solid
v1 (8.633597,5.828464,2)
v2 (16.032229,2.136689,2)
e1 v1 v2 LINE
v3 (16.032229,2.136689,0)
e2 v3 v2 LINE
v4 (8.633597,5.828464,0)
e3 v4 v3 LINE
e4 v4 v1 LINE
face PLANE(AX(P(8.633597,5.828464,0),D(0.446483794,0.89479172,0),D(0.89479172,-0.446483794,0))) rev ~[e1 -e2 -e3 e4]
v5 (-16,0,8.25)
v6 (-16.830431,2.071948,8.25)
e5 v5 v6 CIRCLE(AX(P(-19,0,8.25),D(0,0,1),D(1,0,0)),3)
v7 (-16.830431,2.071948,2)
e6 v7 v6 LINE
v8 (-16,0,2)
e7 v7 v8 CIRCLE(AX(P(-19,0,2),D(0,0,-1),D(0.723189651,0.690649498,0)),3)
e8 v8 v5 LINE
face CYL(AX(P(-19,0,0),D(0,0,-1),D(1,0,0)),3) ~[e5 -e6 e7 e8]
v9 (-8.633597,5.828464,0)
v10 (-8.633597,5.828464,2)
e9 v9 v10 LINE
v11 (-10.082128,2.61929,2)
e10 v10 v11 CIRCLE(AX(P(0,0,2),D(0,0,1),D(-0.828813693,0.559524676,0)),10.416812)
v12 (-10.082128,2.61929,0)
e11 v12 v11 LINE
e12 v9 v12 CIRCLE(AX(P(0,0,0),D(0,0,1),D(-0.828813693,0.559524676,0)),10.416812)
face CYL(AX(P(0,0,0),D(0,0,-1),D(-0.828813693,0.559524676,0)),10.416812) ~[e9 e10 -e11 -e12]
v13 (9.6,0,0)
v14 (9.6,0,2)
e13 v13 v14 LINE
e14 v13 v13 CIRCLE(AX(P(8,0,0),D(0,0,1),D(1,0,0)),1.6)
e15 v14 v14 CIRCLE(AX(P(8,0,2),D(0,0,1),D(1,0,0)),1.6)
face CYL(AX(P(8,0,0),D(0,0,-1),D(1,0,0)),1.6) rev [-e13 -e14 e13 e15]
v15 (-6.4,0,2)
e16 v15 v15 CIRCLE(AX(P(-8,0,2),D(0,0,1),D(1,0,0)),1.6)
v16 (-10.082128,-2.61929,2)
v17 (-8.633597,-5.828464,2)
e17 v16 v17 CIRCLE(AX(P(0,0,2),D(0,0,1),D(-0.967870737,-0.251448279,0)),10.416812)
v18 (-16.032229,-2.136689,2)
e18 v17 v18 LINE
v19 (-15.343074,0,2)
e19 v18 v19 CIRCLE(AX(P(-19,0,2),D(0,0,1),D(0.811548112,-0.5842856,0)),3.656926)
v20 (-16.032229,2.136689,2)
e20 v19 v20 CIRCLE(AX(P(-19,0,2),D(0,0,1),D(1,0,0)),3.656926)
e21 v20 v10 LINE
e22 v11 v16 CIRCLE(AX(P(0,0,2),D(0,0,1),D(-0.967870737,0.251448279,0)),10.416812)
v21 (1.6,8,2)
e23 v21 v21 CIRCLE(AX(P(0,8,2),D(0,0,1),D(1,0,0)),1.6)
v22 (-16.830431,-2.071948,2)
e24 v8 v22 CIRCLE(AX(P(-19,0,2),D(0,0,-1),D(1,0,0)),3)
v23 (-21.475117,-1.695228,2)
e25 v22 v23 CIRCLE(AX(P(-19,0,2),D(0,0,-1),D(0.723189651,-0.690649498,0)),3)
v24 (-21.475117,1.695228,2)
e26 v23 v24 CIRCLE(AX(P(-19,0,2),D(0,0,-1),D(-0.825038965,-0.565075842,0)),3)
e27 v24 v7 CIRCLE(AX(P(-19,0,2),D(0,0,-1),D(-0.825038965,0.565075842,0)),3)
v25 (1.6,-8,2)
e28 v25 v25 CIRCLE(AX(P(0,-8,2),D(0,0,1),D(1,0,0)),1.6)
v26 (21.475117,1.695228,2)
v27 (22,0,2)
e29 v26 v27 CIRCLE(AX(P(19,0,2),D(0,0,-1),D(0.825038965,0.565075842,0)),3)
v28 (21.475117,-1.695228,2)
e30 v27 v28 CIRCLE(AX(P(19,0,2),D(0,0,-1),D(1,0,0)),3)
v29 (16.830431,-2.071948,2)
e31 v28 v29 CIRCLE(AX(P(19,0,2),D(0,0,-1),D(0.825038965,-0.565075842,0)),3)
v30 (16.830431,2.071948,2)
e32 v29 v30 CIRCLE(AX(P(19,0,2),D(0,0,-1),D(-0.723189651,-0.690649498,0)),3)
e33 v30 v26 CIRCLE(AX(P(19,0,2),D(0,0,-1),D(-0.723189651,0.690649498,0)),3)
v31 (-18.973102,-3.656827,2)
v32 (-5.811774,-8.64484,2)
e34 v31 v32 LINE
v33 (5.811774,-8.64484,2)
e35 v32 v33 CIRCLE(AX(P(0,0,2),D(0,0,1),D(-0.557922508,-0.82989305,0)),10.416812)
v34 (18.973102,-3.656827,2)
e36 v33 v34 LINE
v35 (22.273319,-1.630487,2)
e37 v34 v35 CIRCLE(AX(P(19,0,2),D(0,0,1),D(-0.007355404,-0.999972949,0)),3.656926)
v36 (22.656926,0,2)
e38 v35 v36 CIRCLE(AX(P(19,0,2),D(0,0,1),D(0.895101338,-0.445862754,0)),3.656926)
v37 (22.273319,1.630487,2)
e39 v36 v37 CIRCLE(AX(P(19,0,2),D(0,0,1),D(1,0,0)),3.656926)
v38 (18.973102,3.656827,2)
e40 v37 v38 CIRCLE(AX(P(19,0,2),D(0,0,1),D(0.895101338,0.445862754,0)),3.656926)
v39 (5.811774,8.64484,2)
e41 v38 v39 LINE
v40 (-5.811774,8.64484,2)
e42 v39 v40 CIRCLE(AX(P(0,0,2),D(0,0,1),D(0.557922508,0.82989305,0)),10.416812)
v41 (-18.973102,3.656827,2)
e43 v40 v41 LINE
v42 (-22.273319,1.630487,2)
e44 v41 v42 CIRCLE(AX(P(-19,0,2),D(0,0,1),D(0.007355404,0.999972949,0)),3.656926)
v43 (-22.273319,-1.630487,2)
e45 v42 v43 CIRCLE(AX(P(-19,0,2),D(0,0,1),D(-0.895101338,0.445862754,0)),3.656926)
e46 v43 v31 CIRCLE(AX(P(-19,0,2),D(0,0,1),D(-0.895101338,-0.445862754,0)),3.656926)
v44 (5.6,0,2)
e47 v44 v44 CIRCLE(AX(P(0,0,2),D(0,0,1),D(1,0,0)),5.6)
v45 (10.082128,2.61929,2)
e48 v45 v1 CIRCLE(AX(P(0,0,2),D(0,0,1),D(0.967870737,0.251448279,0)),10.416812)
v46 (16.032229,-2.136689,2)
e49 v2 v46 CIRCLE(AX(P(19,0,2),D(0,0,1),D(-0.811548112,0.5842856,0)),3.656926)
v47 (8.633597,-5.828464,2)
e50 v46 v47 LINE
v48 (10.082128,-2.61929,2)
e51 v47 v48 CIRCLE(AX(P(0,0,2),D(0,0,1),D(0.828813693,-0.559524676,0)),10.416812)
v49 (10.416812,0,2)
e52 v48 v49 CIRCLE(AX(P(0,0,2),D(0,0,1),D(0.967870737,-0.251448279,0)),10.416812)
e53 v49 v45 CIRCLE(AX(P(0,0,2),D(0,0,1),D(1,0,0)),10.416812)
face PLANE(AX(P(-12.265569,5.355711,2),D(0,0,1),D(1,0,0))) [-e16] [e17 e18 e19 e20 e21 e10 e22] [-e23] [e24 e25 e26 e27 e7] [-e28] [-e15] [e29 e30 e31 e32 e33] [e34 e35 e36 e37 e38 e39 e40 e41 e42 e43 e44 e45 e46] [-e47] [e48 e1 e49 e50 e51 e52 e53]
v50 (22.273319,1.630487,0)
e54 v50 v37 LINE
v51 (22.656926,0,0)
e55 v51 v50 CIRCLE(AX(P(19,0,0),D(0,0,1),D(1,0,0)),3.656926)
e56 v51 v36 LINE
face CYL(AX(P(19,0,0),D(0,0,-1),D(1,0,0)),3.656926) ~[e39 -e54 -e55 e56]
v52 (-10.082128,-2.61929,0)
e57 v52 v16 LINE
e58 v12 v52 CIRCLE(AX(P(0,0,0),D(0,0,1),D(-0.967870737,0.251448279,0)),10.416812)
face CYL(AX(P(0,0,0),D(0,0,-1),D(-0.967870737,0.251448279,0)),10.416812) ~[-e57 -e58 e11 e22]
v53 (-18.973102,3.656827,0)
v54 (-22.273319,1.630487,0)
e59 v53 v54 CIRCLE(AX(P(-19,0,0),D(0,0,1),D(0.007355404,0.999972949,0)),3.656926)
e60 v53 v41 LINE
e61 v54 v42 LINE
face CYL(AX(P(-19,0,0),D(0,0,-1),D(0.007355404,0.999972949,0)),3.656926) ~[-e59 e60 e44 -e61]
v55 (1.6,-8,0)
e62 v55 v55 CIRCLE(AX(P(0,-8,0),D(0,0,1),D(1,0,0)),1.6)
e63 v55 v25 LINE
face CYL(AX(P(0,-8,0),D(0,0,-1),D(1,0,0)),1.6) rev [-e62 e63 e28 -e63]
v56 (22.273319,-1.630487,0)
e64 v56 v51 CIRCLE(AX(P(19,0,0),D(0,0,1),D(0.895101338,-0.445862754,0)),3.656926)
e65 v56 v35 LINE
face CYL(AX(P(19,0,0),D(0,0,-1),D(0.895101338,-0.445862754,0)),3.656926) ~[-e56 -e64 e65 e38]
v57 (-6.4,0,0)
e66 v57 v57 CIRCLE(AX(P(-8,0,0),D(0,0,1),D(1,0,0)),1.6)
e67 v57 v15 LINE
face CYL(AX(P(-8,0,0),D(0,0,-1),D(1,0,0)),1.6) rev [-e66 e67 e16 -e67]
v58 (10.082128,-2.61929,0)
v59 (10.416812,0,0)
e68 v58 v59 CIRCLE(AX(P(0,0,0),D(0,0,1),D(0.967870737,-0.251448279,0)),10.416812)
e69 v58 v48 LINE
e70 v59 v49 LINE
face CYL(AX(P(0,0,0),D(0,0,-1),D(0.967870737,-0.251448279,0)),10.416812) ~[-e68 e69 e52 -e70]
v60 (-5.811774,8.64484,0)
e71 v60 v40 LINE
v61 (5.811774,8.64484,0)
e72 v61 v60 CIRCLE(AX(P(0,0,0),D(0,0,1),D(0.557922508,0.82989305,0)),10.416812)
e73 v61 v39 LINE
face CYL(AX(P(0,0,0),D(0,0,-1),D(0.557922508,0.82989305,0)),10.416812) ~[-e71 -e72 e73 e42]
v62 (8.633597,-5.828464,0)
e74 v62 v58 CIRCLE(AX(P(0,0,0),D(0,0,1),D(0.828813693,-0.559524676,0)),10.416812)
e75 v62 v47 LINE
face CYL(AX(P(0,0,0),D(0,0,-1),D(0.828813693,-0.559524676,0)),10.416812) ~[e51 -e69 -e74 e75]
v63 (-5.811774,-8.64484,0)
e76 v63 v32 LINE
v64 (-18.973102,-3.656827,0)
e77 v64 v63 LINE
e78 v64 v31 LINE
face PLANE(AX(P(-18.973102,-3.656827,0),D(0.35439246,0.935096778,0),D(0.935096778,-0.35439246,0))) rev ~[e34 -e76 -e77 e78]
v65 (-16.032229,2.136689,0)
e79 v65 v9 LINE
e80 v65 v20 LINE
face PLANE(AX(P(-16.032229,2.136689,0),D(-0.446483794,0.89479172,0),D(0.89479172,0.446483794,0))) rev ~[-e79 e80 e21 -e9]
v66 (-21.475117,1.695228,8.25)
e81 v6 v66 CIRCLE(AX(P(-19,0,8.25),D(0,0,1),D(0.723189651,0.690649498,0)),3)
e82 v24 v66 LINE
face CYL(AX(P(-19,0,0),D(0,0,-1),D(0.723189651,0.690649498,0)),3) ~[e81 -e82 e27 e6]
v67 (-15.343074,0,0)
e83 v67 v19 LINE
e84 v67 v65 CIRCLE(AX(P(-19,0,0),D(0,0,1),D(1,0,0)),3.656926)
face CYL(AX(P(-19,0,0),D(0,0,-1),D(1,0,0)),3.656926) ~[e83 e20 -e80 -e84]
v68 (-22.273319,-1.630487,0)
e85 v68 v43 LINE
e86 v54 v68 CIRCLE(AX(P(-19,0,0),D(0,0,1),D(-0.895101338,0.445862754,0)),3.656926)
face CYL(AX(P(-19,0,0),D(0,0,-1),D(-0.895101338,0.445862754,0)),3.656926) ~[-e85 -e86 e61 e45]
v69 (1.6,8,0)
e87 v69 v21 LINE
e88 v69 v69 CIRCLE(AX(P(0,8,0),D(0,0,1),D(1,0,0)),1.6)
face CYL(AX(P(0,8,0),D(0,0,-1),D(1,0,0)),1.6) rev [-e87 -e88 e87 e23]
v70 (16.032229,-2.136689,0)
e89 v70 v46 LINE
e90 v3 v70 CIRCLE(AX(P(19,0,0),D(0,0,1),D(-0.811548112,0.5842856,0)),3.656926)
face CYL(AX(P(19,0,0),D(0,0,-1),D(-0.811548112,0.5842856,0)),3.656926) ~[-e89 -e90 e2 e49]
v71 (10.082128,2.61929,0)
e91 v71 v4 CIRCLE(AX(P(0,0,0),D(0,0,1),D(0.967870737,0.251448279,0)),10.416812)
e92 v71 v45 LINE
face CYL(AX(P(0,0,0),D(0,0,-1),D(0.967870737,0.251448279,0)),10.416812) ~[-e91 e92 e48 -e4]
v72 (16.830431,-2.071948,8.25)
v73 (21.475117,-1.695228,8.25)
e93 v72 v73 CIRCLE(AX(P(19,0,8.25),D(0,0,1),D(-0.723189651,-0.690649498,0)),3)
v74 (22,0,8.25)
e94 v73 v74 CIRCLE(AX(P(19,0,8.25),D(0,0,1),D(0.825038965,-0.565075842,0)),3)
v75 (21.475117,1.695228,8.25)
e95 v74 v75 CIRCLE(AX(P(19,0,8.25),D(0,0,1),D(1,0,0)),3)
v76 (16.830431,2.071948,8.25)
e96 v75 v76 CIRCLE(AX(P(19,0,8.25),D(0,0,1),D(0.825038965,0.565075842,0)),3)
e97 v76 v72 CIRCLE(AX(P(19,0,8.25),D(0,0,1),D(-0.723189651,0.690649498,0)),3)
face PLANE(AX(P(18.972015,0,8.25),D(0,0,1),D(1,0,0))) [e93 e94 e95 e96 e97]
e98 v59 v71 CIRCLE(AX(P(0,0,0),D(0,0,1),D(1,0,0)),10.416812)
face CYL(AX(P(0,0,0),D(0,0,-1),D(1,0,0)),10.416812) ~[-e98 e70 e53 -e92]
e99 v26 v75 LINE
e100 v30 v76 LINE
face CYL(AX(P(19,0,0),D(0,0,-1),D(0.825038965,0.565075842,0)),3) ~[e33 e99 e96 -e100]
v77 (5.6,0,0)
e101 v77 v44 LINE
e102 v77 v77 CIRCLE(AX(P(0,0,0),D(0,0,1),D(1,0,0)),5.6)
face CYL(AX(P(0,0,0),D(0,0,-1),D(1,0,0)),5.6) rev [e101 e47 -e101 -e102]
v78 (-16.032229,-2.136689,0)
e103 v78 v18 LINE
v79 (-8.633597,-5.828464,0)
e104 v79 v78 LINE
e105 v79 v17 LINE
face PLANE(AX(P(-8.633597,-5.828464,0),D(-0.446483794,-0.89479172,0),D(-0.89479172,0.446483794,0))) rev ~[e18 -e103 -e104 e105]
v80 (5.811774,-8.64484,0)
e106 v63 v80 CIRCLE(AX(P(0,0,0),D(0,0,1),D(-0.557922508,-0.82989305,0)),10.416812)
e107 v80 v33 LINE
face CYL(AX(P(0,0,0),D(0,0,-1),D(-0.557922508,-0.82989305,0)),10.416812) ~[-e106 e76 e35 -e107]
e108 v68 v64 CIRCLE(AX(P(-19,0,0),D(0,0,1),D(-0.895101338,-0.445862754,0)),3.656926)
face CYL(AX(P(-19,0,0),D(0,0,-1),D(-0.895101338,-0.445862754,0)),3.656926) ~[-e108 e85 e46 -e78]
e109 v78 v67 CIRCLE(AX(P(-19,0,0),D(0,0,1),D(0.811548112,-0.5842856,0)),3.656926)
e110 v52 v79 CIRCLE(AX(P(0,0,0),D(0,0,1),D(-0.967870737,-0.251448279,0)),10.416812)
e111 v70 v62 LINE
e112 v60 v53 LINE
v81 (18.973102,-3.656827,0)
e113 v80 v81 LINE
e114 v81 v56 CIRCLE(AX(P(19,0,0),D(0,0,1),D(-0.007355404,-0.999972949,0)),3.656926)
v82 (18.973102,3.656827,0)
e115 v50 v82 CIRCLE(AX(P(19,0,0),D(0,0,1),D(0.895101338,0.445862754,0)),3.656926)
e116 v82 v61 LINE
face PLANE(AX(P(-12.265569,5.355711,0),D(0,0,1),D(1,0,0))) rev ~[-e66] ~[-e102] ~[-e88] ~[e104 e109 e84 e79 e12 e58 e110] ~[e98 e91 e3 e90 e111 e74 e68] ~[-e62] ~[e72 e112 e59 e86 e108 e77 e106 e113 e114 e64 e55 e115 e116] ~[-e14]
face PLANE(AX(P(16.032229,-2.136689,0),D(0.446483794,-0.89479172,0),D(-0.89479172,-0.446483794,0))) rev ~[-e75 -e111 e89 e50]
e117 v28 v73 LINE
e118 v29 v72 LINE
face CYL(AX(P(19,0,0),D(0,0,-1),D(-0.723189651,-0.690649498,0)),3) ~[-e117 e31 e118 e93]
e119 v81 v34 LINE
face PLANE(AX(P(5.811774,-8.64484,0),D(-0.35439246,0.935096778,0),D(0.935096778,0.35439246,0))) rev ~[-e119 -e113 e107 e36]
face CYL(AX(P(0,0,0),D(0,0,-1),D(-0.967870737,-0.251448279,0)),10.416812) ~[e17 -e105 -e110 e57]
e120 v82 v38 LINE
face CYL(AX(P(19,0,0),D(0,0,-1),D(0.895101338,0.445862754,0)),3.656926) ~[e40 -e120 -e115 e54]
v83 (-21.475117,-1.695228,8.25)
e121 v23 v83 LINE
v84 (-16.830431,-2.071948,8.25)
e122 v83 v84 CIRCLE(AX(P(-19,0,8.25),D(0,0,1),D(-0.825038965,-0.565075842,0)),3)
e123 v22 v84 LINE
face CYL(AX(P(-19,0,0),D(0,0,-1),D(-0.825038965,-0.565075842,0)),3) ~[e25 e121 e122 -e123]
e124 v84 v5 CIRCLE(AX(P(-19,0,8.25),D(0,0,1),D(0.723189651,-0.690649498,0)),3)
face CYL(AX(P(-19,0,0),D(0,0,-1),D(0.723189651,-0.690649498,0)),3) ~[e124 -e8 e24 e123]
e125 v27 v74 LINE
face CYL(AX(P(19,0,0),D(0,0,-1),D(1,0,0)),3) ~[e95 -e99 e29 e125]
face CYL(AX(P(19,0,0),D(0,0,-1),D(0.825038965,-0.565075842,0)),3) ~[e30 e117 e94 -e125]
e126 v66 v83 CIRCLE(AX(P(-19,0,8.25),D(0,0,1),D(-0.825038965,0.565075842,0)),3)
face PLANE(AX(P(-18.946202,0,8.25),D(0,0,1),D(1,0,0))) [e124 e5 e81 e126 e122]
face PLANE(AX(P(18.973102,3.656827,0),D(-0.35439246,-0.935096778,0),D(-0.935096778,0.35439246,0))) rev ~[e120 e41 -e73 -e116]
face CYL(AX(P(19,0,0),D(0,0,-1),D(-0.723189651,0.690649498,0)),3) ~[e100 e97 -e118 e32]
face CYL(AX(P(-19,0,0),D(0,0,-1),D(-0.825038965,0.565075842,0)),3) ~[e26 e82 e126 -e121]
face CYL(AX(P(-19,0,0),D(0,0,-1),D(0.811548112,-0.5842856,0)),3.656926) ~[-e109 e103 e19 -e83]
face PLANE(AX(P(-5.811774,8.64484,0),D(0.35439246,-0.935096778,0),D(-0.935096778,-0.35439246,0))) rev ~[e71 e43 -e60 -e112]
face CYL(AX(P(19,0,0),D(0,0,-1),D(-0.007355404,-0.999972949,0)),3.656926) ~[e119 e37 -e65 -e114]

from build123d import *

# Parameters (mm, degrees)
F0_R     = 1.6
F0_R_2   = 5.6
F1_DEPTH = 2
F2_DEPTH = 8.25


with BuildPart() as f1:
    # F0 (on Top) → F1 (new body)
    with BuildSketch(Plane.XY):
        with BuildLine():
            ThreePointArc((-18.9731018348, 3.6568268038), (-17.320799056, 3.2485981552), (-16.0322288298, 2.1366890427))
            Line((-16.0322288298, 2.1366890427), (-8.6335967813, 5.828463599))
            ThreePointArc((-8.6335967813, 5.828463599), (-7.3586805521, 7.372909998), (-5.8117741191, 8.6448402469))
            Line((-5.8117741191, 8.6448402469), (-18.9731018348, 3.6568268038))
        make_face()
        with BuildLine():
            ThreePointArc((-8.6335967813, 5.828463599), (-9.4944345457, 4.2855214342), (-10.0821279265, 2.6192895563))
            ThreePointArc((-10.0821279265, 2.6192895563), (-10.416812435, 0), (-10.0821279265, -2.6192895563))
            ThreePointArc((-10.0821279265, -2.6192895563), (-9.4944345457, -4.2855214342), (-8.6335967813, -5.828463599))
            ThreePointArc((-8.6335967813, -5.828463599), (-7.3586805521, -7.372909998), (-5.8117741191, -8.6448402469))
            ThreePointArc((-5.8117741191, -8.6448402469), (0, -10.416812435), (5.8117741191, -8.6448402469))
            ThreePointArc((5.8117741191, -8.6448402469), (7.3586805521, -7.372909998), (8.6335967813, -5.828463599))
            ThreePointArc((8.6335967813, -5.828463599), (9.4944345457, -4.2855214342), (10.0821279265, -2.6192895563))
            ThreePointArc((10.0821279265, -2.6192895563), (10.3328025449, -1.3202927232), (10.416812435, 0))
            ThreePointArc((10.416812435, 0), (10.3328025449, 1.3202927232), (10.0821279265, 2.6192895563))
            ThreePointArc((10.0821279265, 2.6192895563), (9.4944345457, 4.2855214342), (8.6335967813, 5.828463599))
            ThreePointArc((8.6335967813, 5.828463599), (7.3586805521, 7.372909998), (5.8117741191, 8.6448402469))
            ThreePointArc((5.8117741191, 8.6448402469), (0, 10.416812435), (-5.8117741191, 8.6448402469))
            ThreePointArc((-5.8117741191, 8.6448402469), (-7.3586805521, 7.372909998), (-8.6335967813, 5.828463599))
        make_face()
        with Locations((0, -8)):
            Circle(F0_R, mode=Mode.SUBTRACT)
        with Locations((-8, 0)):
            Circle(F0_R, mode=Mode.SUBTRACT)
        Circle(F0_R_2, mode=Mode.SUBTRACT)
        with Locations((8, 0)):
            Circle(F0_R, mode=Mode.SUBTRACT)
        with Locations((0, 8)):
            Circle(F0_R, mode=Mode.SUBTRACT)
        with BuildLine():
            Line((-8.6335967813, -5.828463599), (-16.0322288298, -2.1366890427))
            ThreePointArc((-16.0322288298, -2.1366890427), (-17.320799056, -3.2485981552), (-18.9731018348, -3.6568268038))
            Line((-18.9731018348, -3.6568268038), (-5.8117741191, -8.6448402469))
            ThreePointArc((-5.8117741191, -8.6448402469), (-7.3586805521, -7.372909998), (-8.6335967813, -5.828463599))
        make_face()
        with BuildLine():
            Line((-16.0322288298, -2.1366890427), (-16.8304310474, -2.0719484935))
            ThreePointArc((-16.8304310474, -2.0719484935), (-19.2425274379, -2.9901806704), (-21.4751168939, -1.695227525))
            Line((-21.4751168939, -1.695227525), (-22.2733191115, -1.6304869758))
            ThreePointArc((-22.2733191115, -1.6304869758), (-20.9134590444, -3.1163729349), (-18.9731018348, -3.6568268038))
            ThreePointArc((-18.9731018348, -3.6568268038), (-17.320799056, -3.2485981552), (-16.0322288298, -2.1366890427))
        make_face()
        with BuildLine():
            ThreePointArc((-21.4751168939, -1.695227525), (-22, 0), (-21.4751168939, 1.695227525))
            Line((-21.4751168939, 1.695227525), (-22.2733191115, 1.6304869758))
            ThreePointArc((-22.2733191115, 1.6304869758), (-22.6569257285, 0), (-22.2733191115, -1.6304869758))
            Line((-22.2733191115, -1.6304869758), (-21.4751168939, -1.695227525))
        make_face()
        with BuildLine():
            ThreePointArc((-21.4751168939, 1.695227525), (-19.2425274379, 2.9901806704), (-16.8304310474, 2.0719484935))
            Line((-16.8304310474, 2.0719484935), (-16.0322288298, 2.1366890427))
            ThreePointArc((-16.0322288298, 2.1366890427), (-17.320799056, 3.2485981552), (-18.9731018348, 3.6568268038))
            ThreePointArc((-18.9731018348, 3.6568268038), (-20.9134590444, 3.1163729349), (-22.2733191115, 1.6304869758))
            Line((-22.2733191115, 1.6304869758), (-21.4751168939, 1.695227525))
        make_face()
        with BuildLine():
            ThreePointArc((-16.8304310474, 2.0719484935), (-16.2153360294, 1.116085378), (-16, 0))
            ThreePointArc((-16, 0), (-16.2153360294, -1.116085378), (-16.8304310474, -2.0719484935))
            Line((-16.8304310474, -2.0719484935), (-16.0322288298, -2.1366890427))
            ThreePointArc((-16.0322288298, -2.1366890427), (-15.5196246946, -1.1225388713), (-15.3430742715, 0))
            ThreePointArc((-15.3430742715, 0), (-15.5196246946, 1.1225388713), (-16.0322288298, 2.1366890427))
            Line((-16.0322288298, 2.1366890427), (-16.8304310474, 2.0719484935))
        make_face()
        with BuildLine():
            ThreePointArc((8.6335967813, -5.828463599), (7.3586805521, -7.372909998), (5.8117741191, -8.6448402469))
            Line((5.8117741191, -8.6448402469), (18.9731018348, -3.6568268038))
            ThreePointArc((18.9731018348, -3.6568268038), (17.320799056, -3.2485981552), (16.0322288298, -2.1366890427))
            Line((16.0322288298, -2.1366890427), (8.6335967813, -5.828463599))
        make_face()
        with BuildLine():
            Line((18.9731018348, 3.6568268038), (5.8117741191, 8.6448402469))
            ThreePointArc((5.8117741191, 8.6448402469), (7.3586805521, 7.372909998), (8.6335967813, 5.828463599))
            Line((8.6335967813, 5.828463599), (16.0322288298, 2.1366890427))
            ThreePointArc((16.0322288298, 2.1366890427), (17.320799056, 3.2485981552), (18.9731018348, 3.6568268038))
        make_face()
        with BuildLine():
            ThreePointArc((22.2733191115, 1.6304869758), (20.9134590444, 3.1163729349), (18.9731018348, 3.6568268038))
            ThreePointArc((18.9731018348, 3.6568268038), (17.320799056, 3.2485981552), (16.0322288298, 2.1366890427))
            Line((16.0322288298, 2.1366890427), (16.8304310474, 2.0719484935))
            ThreePointArc((16.8304310474, 2.0719484935), (19.2425274379, 2.9901806704), (21.4751168939, 1.695227525))
            Line((21.4751168939, 1.695227525), (22.2733191115, 1.6304869758))
        make_face()
        with BuildLine():
            Line((16.8304310474, 2.0719484935), (16.0322288298, 2.1366890427))
            ThreePointArc((16.0322288298, 2.1366890427), (15.3430742715, 0), (16.0322288298, -2.1366890427))
            Line((16.0322288298, -2.1366890427), (16.8304310474, -2.0719484935))
            ThreePointArc((16.8304310474, -2.0719484935), (16, 0), (16.8304310474, 2.0719484935))
        make_face()
        with BuildLine():
            ThreePointArc((16.0322288298, -2.1366890427), (17.320799056, -3.2485981552), (18.9731018348, -3.6568268038))
            ThreePointArc((18.9731018348, -3.6568268038), (20.9134590444, -3.1163729349), (22.2733191115, -1.6304869758))
            Line((22.2733191115, -1.6304869758), (21.4751168939, -1.695227525))
            ThreePointArc((21.4751168939, -1.695227525), (19.2425274379, -2.9901806704), (16.8304310474, -2.0719484935))
            Line((16.8304310474, -2.0719484935), (16.0322288298, -2.1366890427))
        make_face()
        with BuildLine():
            ThreePointArc((22.6569257285, 0), (22.5597324802, 0.8375025097), (22.2733191115, 1.6304869758))
            Line((22.2733191115, 1.6304869758), (21.4751168939, 1.695227525))
            ThreePointArc((21.4751168939, 1.695227525), (21.8657765686, 0.8873131686), (22, 0))
            ThreePointArc((22, 0), (21.8657765686, -0.8873131686), (21.4751168939, -1.695227525))
            Line((21.4751168939, -1.695227525), (22.2733191115, -1.6304869758))
            ThreePointArc((22.2733191115, -1.6304869758), (22.5597324802, -0.8375025097), (22.6569257285, 0))
        make_face()
    extrude(amount=F1_DEPTH)

    # F0 (on Top) → F2 (join)
    with BuildSketch(Plane.XY):
        with BuildLine():
            ThreePointArc((-16.8304310474, -2.0719484935), (-16.2153360294, -1.116085378), (-16, 0))
            ThreePointArc((-16, 0), (-16.2153360294, 1.116085378), (-16.8304310474, 2.0719484935))
            Line((-16.8304310474, 2.0719484935), (-21.4751168939, 1.695227525))
            ThreePointArc((-21.4751168939, 1.695227525), (-22, 0), (-21.4751168939, -1.695227525))
            Line((-21.4751168939, -1.695227525), (-16.8304310474, -2.0719484935))
        make_face()
        with BuildLine():
            Line((21.4751168939, 1.695227525), (16.8304310474, 2.0719484935))
            ThreePointArc((16.8304310474, 2.0719484935), (16, 0), (16.8304310474, -2.0719484935))
            Line((16.8304310474, -2.0719484935), (21.4751168939, -1.695227525))
            ThreePointArc((21.4751168939, -1.695227525), (21.8657765686, -0.8873131686), (22, 0))
            ThreePointArc((22, 0), (21.8657765686, 0.8873131686), (21.4751168939, 1.695227525))
        make_face()
        with BuildLine():
            Line((-21.4751168939, 1.695227525), (-16.8304310474, 2.0719484935))
            ThreePointArc((-16.8304310474, 2.0719484935), (-19.2425274379, 2.9901806704), (-21.4751168939, 1.695227525))
        make_face()
        with BuildLine():
            ThreePointArc((-21.4751168939, -1.695227525), (-19.2425274379, -2.9901806704), (-16.8304310474, -2.0719484935))
            Line((-16.8304310474, -2.0719484935), (-21.4751168939, -1.695227525))
        make_face()
        with BuildLine():
            Line((21.4751168939, -1.695227525), (16.8304310474, -2.0719484935))
            ThreePointArc((16.8304310474, -2.0719484935), (19.2425274379, -2.9901806704), (21.4751168939, -1.695227525))
        make_face()
        with BuildLine():
            ThreePointArc((21.4751168939, 1.695227525), (19.2425274379, 2.9901806704), (16.8304310474, 2.0719484935))
            Line((16.8304310474, 2.0719484935), (21.4751168939, 1.695227525))
        make_face()
    extrude(amount=F2_DEPTH)


solid = f1.part
